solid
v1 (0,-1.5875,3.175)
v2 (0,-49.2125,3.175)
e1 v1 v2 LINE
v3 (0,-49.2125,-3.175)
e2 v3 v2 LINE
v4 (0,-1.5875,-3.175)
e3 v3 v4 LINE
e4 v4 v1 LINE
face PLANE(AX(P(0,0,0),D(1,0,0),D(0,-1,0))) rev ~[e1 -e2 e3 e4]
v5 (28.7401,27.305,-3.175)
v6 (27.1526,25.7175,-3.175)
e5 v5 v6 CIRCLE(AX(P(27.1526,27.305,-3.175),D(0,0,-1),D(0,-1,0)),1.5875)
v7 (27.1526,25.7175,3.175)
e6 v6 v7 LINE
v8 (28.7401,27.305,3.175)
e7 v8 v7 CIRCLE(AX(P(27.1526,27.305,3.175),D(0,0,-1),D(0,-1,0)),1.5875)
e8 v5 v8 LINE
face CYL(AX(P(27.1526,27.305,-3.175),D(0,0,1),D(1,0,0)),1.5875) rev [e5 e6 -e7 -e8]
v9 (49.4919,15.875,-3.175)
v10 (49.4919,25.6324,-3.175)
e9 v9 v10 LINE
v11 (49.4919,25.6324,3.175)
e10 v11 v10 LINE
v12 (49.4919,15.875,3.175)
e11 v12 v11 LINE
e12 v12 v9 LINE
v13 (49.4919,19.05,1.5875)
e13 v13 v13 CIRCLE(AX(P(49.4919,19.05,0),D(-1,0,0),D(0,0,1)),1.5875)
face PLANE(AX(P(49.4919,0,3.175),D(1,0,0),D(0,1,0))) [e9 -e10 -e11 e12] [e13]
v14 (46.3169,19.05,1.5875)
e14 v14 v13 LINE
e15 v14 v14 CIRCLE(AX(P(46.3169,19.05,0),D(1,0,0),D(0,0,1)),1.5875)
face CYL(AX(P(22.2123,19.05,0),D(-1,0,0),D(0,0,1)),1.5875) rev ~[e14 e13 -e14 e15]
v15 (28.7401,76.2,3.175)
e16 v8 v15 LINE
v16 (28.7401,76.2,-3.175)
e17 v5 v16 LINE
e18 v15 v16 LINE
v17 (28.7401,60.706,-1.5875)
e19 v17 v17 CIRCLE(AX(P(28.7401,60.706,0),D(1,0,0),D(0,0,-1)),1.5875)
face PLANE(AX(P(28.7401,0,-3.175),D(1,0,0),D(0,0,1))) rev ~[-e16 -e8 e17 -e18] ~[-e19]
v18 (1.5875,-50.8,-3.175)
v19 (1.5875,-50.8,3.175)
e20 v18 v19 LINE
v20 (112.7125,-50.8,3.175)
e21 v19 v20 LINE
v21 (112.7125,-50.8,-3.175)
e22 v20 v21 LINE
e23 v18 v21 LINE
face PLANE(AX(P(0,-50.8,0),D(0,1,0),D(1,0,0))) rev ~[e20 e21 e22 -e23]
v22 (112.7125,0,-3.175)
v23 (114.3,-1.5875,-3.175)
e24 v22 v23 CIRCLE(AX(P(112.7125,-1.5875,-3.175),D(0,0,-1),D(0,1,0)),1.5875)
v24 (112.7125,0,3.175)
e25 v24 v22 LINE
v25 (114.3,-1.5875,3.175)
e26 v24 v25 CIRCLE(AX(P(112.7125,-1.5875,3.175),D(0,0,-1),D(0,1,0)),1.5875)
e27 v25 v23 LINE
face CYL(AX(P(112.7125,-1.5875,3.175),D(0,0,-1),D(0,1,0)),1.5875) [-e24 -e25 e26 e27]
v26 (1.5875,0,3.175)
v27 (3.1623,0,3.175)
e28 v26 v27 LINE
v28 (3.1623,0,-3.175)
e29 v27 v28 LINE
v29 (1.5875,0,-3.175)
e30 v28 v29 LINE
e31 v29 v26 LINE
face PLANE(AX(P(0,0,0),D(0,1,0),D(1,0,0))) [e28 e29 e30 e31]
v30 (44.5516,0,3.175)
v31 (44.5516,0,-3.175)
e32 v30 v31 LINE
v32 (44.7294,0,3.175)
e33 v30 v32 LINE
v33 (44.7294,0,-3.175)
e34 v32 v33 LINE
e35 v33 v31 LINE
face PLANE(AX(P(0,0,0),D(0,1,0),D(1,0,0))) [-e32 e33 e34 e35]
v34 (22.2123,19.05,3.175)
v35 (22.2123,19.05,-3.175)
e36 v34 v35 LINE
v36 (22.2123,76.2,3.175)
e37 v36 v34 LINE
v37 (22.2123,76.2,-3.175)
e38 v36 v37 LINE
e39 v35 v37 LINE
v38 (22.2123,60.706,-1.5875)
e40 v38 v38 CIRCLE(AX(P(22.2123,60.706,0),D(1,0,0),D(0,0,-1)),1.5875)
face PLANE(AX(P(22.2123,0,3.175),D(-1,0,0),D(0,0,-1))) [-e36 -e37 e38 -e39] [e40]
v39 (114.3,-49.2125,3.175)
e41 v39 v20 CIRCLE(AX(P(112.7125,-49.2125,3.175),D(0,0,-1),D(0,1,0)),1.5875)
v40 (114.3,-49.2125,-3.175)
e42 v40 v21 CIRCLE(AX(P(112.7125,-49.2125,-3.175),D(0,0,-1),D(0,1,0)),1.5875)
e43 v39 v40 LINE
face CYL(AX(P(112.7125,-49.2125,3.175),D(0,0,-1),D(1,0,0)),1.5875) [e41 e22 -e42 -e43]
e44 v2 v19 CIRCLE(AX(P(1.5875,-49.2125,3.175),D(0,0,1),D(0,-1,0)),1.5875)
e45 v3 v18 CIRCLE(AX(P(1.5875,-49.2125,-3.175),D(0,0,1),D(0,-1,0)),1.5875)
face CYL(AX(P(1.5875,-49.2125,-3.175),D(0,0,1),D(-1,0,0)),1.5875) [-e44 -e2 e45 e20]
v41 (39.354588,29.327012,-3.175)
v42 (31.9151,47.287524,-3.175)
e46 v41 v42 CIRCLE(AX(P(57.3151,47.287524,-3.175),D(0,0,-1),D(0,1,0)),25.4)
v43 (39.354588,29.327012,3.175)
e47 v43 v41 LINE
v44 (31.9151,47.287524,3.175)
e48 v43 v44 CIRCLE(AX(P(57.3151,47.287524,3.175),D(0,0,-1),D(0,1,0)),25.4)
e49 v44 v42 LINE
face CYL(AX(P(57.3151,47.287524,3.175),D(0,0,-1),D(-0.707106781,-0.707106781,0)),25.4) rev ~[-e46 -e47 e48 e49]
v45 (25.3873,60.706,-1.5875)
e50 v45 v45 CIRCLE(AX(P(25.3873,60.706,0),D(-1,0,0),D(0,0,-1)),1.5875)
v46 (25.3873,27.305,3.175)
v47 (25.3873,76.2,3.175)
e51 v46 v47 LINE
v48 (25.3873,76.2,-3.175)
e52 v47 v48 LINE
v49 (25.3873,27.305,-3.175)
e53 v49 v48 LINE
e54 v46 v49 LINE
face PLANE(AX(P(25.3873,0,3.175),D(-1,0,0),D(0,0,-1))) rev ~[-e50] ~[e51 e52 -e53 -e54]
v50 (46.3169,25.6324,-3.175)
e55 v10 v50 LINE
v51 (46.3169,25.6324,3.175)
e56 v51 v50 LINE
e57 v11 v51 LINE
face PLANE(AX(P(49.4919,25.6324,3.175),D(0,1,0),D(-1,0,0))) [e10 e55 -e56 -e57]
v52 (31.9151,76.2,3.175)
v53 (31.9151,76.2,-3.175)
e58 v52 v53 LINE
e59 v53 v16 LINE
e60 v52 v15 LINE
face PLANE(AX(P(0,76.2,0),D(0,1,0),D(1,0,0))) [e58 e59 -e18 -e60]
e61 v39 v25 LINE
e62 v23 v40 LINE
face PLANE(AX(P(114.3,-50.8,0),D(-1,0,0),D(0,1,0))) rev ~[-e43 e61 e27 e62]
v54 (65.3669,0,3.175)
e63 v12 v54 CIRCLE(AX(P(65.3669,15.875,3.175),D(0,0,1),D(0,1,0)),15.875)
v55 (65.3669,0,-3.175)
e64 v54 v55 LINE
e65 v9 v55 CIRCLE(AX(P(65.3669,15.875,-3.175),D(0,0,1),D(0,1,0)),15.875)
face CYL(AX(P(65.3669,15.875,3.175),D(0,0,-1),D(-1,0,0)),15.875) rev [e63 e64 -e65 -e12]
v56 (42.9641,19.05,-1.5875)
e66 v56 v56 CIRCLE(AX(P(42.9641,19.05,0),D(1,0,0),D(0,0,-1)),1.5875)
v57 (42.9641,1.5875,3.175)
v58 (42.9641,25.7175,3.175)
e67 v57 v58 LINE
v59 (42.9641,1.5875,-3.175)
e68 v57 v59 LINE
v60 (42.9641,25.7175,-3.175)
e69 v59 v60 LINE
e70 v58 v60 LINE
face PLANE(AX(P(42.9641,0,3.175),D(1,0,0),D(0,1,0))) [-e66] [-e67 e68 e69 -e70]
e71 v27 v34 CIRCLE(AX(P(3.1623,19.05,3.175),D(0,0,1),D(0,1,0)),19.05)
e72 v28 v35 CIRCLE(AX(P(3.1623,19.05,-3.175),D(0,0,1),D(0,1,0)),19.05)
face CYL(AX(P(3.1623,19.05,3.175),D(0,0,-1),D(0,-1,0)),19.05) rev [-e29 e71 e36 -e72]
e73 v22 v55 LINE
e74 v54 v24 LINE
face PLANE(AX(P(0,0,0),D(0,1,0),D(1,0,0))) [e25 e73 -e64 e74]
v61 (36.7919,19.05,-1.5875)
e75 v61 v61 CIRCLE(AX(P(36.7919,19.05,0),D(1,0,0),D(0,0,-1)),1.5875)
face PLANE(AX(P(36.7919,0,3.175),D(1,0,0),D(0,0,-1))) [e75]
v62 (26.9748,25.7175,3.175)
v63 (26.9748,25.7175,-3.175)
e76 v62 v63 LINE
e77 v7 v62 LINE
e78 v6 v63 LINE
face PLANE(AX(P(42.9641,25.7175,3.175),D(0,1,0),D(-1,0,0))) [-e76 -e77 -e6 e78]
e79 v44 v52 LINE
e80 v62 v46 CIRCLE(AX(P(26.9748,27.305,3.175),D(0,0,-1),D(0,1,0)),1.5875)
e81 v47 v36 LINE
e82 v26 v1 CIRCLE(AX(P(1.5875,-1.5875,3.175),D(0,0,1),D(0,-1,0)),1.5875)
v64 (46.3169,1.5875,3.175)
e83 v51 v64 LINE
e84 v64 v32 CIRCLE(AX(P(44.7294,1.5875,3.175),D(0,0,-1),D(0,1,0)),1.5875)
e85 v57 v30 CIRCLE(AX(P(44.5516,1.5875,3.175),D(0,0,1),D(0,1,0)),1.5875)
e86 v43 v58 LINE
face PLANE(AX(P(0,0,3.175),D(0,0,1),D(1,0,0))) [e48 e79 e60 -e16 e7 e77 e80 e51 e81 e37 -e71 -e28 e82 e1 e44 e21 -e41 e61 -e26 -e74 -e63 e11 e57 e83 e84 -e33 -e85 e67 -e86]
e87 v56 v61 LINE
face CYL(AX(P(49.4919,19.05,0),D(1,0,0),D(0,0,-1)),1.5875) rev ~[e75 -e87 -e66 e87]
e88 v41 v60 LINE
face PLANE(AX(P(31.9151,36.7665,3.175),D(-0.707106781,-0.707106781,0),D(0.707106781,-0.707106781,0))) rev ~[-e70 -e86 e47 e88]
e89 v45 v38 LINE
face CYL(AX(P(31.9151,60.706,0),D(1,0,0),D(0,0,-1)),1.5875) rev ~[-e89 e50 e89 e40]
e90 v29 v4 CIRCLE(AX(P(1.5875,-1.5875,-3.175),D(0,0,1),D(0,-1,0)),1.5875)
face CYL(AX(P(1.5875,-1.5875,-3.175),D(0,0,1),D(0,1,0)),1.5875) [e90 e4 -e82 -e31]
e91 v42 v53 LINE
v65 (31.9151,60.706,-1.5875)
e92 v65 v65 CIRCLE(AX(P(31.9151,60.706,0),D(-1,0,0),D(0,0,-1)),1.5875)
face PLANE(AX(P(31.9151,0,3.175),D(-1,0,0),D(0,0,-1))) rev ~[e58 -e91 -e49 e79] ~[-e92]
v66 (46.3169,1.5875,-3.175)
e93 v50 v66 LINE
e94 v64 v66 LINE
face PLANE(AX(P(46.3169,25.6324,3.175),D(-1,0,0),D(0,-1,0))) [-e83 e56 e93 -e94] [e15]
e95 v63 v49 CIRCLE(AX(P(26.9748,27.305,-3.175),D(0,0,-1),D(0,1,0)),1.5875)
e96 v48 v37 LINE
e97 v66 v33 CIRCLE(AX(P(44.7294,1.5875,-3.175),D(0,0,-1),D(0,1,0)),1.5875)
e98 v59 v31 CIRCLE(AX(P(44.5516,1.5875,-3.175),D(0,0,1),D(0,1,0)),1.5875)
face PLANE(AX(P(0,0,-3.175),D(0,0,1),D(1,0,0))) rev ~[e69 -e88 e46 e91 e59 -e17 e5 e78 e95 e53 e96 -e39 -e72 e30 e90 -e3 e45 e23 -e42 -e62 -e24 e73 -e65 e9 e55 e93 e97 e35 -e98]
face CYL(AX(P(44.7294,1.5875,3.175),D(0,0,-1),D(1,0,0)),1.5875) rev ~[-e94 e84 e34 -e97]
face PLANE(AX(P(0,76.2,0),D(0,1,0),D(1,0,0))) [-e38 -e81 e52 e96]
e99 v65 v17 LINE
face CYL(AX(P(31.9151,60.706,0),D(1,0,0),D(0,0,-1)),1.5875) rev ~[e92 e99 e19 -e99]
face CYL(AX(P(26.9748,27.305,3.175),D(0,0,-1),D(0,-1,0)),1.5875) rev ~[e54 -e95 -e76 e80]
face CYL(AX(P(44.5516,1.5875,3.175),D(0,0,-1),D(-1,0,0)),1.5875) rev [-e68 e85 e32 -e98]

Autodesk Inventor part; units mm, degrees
ref_plane "YZ Plane" through (0, 0, 0) normal (1, 0, 0) x (0, 1, 0)
ref_plane "XZ Plane" through (0, 0, 0) normal (0, 1, 0) x (-1, 0, 0)
ref_plane "XY Plane" through (0, 0, 0) normal (0, 0, 1) x (1, 0, 0)
sketch "Sketch1" plane through (0, 0, 0) normal (0, 0, 1) x (1, 0, 0)
  line L0 (0, 0) -> (114.3, 0)
  line L1 (0, 0) -> (0, -50.8)
  line L2 (0, -50.8) -> (114.3, -50.8)
  line L3 (114.3, -50.8) -> (114.3, 0)
  dimension "d1" = 114.3
  dimension "d2" = 50.8
  dimension "d3" = 114.3
extrude "Extrusion1" add sketch "Sketch1" along normal blind 3.175
sketch "Sketch2" plane through (0, 0, 0) normal (0, 1, 0) x (1, 0, 0)
  line L0 (114.3, -3.175) -> (0, -3.175) projected
  line L1 (25.3873, -1.5875) -> (25.3873, 0)
  line L2 (25.3873, -3.175) -> (25.3873, -1.5875)
  line L3 (28.7401, -1.5875) -> (28.7401, -3.175)
  line L4 (28.7401, -1.5875) -> (28.7401, 0)
  line L5 (25.3873, -3.175) -> (22.2123, -3.175)
  line L6 (22.2123, -3.175) -> (22.2123, 3.175)
  line L7 (28.7401, -3.175) -> (31.9151, -3.175)
  line L8 (31.9151, -3.175) -> (31.9151, 3.175)
  line L9 (25.3873, 0) -> (25.3873, 3.175)
  line L10 (25.3873, 3.175) -> (22.2123, 3.175)
  line L11 (31.9151, 3.175) -> (28.7401, 3.175)
  line L12 (28.7401, 3.175) -> (28.7401, 0)
  point P0 (27.0637, -1.5875)
  dimension "d7" = 1.6764
  dimension "d8" = 1.6764
  dimension "d9" = 3.175
  dimension "d10" = 6.35
  dimension "d11" = 3.175
sketch "Sketch3" plane through (0, 0, 0) normal (0, 0, -1) x (-1, 0, 0)
  line L0 (-114.3, 0) -> (0, 0) projected
  line L1 (0, -50.8) -> (-114.3, -50.8) projected
  line L2 (0, 0) -> (-114.3, 0)
  line L3 (-114.3, 0) -> (-114.3, -50.8)
  line L4 (-114.3, -50.8) -> (0, -50.8)
  line L5 (0, -50.8) -> (0, 0)
extrude "Extrusion2" add sketch "Sketch3" along normal blind 3.175
extrude "Extrusion3" add sketch "Sketch2" along normal blind 76.2 contours L0 L3 L4 L12 L11 L8
extrude "Extrusion4" add sketch "Sketch2" along normal blind 76.2 contours L0 L6 L10 L9 L1 L2
sketch "Sketch4" plane through (31.9151, 0, 3.175) normal (1, 0, 0) x (0, 0, -1)
  line L0 (3.175, 0) -> (3.175, 19.05)
  circle A0 centre (3.175, 19.05) radius 1.5875
  dimension "d18" = 19.05
  dimension "d19" = 3.175
extrude "Extrusion5" cut sketch "Sketch4" along normal mid plane 50.8
sketch "Sketch5" plane through (31.9151, 0, 3.175) normal (1, 0, 0) x (0, 0, -1)
  circle A0 centre (3.175, 19.05) radius 1.5875 projected
  line L0 (3.175, 19.05) -> (3.175, 60.706)
  circle A1 centre (3.175, 60.706) radius 1.5875
  point P0 (3.175, 0)
  dimension "d22" = 41.656
  dimension "d23" = 3.175
extrude "Extrusion6" cut sketch "Sketch5" against normal blind 50.8 contours A1
sketch "Sketch6" plane through (25.3873, 0, 3.175) normal (1, 0, 0) x (0, 0, -1)
  point P0 (3.175, 0)
sketch "Sketch7" plane through (0, 0, 3.175) normal (0, 0, 1) x (1, 0, 0)
  point P0 (0, 0)
sketch "Sketch8" plane through (0, 0, 3.175) normal (0, 0, 1) x (1, 0, 0)
  line L0 (38.0873, 0) -> (41.2623, 0)
  line L1 (41.2623, 0) -> (41.2623, 22.5425)
  line L2 (38.0873, 0) -> (38.0873, 22.5425)
  line L3 (38.0873, 22.5425) -> (41.2623, 22.5425)
  line L4 (38.0873, 22.5425) -> (31.9151, 22.5425)
  line L5 (31.9151, 0) -> (31.9151, 76.2) projected
  line L6 (41.2623, 22.5425) -> (41.2623, 25.7175)
  line L7 (41.2623, 25.7175) -> (31.9151, 25.7175)
  point P0 (0, 0)
  dimension "d30" = 3.175
  dimension "d34" = 3.175
sketch "Sketch9" plane through (0, 0, 3.175) normal (0, 0, 1) x (1, 0, 0)
  line L0 (41.2623, 25.7175) -> (41.2623, 0) projected
  line L1 (31.9151, 0) -> (114.3, 0) projected
  line L2 (44.6151, 0) -> (44.6151, 25.6324)
  line L3 (44.6151, 25.6324) -> (47.7901, 25.6324)
  line L4 (47.7901, 0) -> (47.7901, 25.6324)
  line L5 (44.6151, 0) -> (47.7901, 0)
  point P0 (0, 0)
  dimension "d35" = 3.3528
  dimension "d36" = 3.175
sketch "Sketch12" plane through (0, 0, 3.175) normal (0, 0, 1) x (1, 0, 0)
  line L0 (44.6151, 0) -> (44.6151, 25.6324) projected
  line L1 (44.6151, 0) -> (46.3169, 0)
  line L2 (46.3169, 0) -> (49.4919, 0)
  line L3 (25.3873, 0) -> (114.3, 0) projected
  line L4 (49.4919, 0) -> (49.4919, 25.6324)
  line L5 (49.4919, 25.6324) -> (46.3169, 25.6324)
  line L6 (46.3169, 25.6324) -> (46.3169, 0)
  point P0 (0, 0)
  point P1 (47.7901, 0)
  point P2 (41.2623, 0)
  dimension "d44" = 1.7018
  dimension "d45" = 3.175
extrude "Extrusion11" add sketch "Sketch12" against normal blind 6.35
sketch "Sketch13" plane through (0, 0, 3.175) normal (0, 0, 1) x (1, 0, 0)
  line L0 (38.0873, 22.5425) -> (38.0873, 0) projected
  line L1 (38.0873, 0) -> (39.7891, 0)
  line L2 (39.7891, 0) -> (42.9641, 0)
  line L3 (46.3169, 0) -> (31.9151, 0) projected
  line L4 (39.7891, 0) -> (39.7891, 25.7175)
  line L5 (41.2623, 25.7175) -> (31.9151, 25.7175) projected
  line L6 (42.9641, 0) -> (42.9641, 25.7175)
  line L7 (42.9641, 25.7175) -> (39.7891, 25.7175)
  point P0 (0, 0)
  point P1 (41.2623, 0)
  dimension "d48" = 1.7018
  dimension "d49" = 3.175
extrude "Extrusion12" add sketch "Sketch13" against normal blind 6.35
sketch "Sketch14" plane through (0, 0, 3.175) normal (0, 0, 1) x (1, 0, 0)
  line L0 (39.7891, 25.7175) -> (42.9641, 25.7175) projected
  line L1 (39.7891, 25.7175) -> (39.7891, 22.5425)
  line L2 (39.7891, 25.7175) -> (39.7891, 0) projected
  line L3 (39.7891, 22.5425) -> (31.9151, 22.5425)
  line L4 (39.7891, 25.7175) -> (50.9246, 25.7175) construction
  line L5 (42.9641, 25.7175) -> (56.7757, 25.7175) construction
  line L6 (31.9151, 0) -> (31.9151, 76.2) projected
  line L7 (31.9151, 36.7665) -> (42.9641, 25.7175)
  line L8 (31.9151, 36.7665) -> (31.9151, 22.5425)
  line L9 (42.9641, 25.7175) -> (39.7891, 25.7175) projected
  line L10 (39.7891, 25.7175) -> (42.9641, 25.7175)
  point P0 (0, 0)
  dimension "d52" = 3.175
extrude "Extrusion13" add sketch "Sketch14" against normal blind 6.35
sketch "Sketch15" plane through (22.2123, 0, -3.175) normal (-1, 0, 0) x (0, 0, 1)
  circle A0 centre (3.175, 19.05) radius 1.5875 projected
  circle A1 centre (3.175, 19.05) radius 1.5875
  point P0 (3.175, 0)
extrude "Extrusion14" cut sketch "Sketch15" against normal blind 50.8
sketch "Sketch16" plane through (0, 0, 3.175) normal (0, 0, 1) x (1, 0, 0)
  line L0 (31.9151, 36.7665) -> (42.9641, 25.7175) projected
  line L1 (42.9641, 25.7175) -> (22.2123, 25.7175)
  line L2 (22.2123, 0) -> (22.2123, 76.2) projected
  line L3 (42.9641, 25.7175) -> (42.9641, 0) projected
  line L4 (42.9641, 0) -> (22.2123, 0)
  line L5 (22.2123, 0) -> (22.2123, 25.7175)
  line L6 (42.9641, 25.7175) -> (42.9641, 0)
  point P0 (0, 0)
extrude "Extrusion15" add sketch "Sketch16" against normal blind 6.35
sketch "Sketch17" plane through (49.4919, 0, 3.175) normal (1, 0, 0) x (0, 0, -1)
  circle A0 centre (3.175, 19.05) radius 1.5875 projected
  circle A1 centre (3.175, 19.05) radius 1.5875
  point P0 (3.175, 0)
extrude "Extrusion16" cut sketch "Sketch17" against normal blind 12.7
fillet "Fillet1" radius 1.5875 2 edges at (42.9641, 0, 0) (46.3169, 0, 0)
fillet "Fillet3" radius 25.4 1 edges at (31.9151, 36.7665, 0)
fillet "Fillet4" radius 1.5875 6 edges at (0, 0, 0) (0, -50.8, 0) (114.3, -50.8, 0) (114.3, 0, 0) (25.3873, 25.7175, 0) (28.7401, 25.7175, 0)
fillet "Fillet5" radius 15.875 1 edges at (49.4919, 0, 0)
fillet "Fillet6" radius 19.05 1 edges at (22.2123, 0, 0)
properties part number "2BarClawPaddle" material "Aluminum 6061"
